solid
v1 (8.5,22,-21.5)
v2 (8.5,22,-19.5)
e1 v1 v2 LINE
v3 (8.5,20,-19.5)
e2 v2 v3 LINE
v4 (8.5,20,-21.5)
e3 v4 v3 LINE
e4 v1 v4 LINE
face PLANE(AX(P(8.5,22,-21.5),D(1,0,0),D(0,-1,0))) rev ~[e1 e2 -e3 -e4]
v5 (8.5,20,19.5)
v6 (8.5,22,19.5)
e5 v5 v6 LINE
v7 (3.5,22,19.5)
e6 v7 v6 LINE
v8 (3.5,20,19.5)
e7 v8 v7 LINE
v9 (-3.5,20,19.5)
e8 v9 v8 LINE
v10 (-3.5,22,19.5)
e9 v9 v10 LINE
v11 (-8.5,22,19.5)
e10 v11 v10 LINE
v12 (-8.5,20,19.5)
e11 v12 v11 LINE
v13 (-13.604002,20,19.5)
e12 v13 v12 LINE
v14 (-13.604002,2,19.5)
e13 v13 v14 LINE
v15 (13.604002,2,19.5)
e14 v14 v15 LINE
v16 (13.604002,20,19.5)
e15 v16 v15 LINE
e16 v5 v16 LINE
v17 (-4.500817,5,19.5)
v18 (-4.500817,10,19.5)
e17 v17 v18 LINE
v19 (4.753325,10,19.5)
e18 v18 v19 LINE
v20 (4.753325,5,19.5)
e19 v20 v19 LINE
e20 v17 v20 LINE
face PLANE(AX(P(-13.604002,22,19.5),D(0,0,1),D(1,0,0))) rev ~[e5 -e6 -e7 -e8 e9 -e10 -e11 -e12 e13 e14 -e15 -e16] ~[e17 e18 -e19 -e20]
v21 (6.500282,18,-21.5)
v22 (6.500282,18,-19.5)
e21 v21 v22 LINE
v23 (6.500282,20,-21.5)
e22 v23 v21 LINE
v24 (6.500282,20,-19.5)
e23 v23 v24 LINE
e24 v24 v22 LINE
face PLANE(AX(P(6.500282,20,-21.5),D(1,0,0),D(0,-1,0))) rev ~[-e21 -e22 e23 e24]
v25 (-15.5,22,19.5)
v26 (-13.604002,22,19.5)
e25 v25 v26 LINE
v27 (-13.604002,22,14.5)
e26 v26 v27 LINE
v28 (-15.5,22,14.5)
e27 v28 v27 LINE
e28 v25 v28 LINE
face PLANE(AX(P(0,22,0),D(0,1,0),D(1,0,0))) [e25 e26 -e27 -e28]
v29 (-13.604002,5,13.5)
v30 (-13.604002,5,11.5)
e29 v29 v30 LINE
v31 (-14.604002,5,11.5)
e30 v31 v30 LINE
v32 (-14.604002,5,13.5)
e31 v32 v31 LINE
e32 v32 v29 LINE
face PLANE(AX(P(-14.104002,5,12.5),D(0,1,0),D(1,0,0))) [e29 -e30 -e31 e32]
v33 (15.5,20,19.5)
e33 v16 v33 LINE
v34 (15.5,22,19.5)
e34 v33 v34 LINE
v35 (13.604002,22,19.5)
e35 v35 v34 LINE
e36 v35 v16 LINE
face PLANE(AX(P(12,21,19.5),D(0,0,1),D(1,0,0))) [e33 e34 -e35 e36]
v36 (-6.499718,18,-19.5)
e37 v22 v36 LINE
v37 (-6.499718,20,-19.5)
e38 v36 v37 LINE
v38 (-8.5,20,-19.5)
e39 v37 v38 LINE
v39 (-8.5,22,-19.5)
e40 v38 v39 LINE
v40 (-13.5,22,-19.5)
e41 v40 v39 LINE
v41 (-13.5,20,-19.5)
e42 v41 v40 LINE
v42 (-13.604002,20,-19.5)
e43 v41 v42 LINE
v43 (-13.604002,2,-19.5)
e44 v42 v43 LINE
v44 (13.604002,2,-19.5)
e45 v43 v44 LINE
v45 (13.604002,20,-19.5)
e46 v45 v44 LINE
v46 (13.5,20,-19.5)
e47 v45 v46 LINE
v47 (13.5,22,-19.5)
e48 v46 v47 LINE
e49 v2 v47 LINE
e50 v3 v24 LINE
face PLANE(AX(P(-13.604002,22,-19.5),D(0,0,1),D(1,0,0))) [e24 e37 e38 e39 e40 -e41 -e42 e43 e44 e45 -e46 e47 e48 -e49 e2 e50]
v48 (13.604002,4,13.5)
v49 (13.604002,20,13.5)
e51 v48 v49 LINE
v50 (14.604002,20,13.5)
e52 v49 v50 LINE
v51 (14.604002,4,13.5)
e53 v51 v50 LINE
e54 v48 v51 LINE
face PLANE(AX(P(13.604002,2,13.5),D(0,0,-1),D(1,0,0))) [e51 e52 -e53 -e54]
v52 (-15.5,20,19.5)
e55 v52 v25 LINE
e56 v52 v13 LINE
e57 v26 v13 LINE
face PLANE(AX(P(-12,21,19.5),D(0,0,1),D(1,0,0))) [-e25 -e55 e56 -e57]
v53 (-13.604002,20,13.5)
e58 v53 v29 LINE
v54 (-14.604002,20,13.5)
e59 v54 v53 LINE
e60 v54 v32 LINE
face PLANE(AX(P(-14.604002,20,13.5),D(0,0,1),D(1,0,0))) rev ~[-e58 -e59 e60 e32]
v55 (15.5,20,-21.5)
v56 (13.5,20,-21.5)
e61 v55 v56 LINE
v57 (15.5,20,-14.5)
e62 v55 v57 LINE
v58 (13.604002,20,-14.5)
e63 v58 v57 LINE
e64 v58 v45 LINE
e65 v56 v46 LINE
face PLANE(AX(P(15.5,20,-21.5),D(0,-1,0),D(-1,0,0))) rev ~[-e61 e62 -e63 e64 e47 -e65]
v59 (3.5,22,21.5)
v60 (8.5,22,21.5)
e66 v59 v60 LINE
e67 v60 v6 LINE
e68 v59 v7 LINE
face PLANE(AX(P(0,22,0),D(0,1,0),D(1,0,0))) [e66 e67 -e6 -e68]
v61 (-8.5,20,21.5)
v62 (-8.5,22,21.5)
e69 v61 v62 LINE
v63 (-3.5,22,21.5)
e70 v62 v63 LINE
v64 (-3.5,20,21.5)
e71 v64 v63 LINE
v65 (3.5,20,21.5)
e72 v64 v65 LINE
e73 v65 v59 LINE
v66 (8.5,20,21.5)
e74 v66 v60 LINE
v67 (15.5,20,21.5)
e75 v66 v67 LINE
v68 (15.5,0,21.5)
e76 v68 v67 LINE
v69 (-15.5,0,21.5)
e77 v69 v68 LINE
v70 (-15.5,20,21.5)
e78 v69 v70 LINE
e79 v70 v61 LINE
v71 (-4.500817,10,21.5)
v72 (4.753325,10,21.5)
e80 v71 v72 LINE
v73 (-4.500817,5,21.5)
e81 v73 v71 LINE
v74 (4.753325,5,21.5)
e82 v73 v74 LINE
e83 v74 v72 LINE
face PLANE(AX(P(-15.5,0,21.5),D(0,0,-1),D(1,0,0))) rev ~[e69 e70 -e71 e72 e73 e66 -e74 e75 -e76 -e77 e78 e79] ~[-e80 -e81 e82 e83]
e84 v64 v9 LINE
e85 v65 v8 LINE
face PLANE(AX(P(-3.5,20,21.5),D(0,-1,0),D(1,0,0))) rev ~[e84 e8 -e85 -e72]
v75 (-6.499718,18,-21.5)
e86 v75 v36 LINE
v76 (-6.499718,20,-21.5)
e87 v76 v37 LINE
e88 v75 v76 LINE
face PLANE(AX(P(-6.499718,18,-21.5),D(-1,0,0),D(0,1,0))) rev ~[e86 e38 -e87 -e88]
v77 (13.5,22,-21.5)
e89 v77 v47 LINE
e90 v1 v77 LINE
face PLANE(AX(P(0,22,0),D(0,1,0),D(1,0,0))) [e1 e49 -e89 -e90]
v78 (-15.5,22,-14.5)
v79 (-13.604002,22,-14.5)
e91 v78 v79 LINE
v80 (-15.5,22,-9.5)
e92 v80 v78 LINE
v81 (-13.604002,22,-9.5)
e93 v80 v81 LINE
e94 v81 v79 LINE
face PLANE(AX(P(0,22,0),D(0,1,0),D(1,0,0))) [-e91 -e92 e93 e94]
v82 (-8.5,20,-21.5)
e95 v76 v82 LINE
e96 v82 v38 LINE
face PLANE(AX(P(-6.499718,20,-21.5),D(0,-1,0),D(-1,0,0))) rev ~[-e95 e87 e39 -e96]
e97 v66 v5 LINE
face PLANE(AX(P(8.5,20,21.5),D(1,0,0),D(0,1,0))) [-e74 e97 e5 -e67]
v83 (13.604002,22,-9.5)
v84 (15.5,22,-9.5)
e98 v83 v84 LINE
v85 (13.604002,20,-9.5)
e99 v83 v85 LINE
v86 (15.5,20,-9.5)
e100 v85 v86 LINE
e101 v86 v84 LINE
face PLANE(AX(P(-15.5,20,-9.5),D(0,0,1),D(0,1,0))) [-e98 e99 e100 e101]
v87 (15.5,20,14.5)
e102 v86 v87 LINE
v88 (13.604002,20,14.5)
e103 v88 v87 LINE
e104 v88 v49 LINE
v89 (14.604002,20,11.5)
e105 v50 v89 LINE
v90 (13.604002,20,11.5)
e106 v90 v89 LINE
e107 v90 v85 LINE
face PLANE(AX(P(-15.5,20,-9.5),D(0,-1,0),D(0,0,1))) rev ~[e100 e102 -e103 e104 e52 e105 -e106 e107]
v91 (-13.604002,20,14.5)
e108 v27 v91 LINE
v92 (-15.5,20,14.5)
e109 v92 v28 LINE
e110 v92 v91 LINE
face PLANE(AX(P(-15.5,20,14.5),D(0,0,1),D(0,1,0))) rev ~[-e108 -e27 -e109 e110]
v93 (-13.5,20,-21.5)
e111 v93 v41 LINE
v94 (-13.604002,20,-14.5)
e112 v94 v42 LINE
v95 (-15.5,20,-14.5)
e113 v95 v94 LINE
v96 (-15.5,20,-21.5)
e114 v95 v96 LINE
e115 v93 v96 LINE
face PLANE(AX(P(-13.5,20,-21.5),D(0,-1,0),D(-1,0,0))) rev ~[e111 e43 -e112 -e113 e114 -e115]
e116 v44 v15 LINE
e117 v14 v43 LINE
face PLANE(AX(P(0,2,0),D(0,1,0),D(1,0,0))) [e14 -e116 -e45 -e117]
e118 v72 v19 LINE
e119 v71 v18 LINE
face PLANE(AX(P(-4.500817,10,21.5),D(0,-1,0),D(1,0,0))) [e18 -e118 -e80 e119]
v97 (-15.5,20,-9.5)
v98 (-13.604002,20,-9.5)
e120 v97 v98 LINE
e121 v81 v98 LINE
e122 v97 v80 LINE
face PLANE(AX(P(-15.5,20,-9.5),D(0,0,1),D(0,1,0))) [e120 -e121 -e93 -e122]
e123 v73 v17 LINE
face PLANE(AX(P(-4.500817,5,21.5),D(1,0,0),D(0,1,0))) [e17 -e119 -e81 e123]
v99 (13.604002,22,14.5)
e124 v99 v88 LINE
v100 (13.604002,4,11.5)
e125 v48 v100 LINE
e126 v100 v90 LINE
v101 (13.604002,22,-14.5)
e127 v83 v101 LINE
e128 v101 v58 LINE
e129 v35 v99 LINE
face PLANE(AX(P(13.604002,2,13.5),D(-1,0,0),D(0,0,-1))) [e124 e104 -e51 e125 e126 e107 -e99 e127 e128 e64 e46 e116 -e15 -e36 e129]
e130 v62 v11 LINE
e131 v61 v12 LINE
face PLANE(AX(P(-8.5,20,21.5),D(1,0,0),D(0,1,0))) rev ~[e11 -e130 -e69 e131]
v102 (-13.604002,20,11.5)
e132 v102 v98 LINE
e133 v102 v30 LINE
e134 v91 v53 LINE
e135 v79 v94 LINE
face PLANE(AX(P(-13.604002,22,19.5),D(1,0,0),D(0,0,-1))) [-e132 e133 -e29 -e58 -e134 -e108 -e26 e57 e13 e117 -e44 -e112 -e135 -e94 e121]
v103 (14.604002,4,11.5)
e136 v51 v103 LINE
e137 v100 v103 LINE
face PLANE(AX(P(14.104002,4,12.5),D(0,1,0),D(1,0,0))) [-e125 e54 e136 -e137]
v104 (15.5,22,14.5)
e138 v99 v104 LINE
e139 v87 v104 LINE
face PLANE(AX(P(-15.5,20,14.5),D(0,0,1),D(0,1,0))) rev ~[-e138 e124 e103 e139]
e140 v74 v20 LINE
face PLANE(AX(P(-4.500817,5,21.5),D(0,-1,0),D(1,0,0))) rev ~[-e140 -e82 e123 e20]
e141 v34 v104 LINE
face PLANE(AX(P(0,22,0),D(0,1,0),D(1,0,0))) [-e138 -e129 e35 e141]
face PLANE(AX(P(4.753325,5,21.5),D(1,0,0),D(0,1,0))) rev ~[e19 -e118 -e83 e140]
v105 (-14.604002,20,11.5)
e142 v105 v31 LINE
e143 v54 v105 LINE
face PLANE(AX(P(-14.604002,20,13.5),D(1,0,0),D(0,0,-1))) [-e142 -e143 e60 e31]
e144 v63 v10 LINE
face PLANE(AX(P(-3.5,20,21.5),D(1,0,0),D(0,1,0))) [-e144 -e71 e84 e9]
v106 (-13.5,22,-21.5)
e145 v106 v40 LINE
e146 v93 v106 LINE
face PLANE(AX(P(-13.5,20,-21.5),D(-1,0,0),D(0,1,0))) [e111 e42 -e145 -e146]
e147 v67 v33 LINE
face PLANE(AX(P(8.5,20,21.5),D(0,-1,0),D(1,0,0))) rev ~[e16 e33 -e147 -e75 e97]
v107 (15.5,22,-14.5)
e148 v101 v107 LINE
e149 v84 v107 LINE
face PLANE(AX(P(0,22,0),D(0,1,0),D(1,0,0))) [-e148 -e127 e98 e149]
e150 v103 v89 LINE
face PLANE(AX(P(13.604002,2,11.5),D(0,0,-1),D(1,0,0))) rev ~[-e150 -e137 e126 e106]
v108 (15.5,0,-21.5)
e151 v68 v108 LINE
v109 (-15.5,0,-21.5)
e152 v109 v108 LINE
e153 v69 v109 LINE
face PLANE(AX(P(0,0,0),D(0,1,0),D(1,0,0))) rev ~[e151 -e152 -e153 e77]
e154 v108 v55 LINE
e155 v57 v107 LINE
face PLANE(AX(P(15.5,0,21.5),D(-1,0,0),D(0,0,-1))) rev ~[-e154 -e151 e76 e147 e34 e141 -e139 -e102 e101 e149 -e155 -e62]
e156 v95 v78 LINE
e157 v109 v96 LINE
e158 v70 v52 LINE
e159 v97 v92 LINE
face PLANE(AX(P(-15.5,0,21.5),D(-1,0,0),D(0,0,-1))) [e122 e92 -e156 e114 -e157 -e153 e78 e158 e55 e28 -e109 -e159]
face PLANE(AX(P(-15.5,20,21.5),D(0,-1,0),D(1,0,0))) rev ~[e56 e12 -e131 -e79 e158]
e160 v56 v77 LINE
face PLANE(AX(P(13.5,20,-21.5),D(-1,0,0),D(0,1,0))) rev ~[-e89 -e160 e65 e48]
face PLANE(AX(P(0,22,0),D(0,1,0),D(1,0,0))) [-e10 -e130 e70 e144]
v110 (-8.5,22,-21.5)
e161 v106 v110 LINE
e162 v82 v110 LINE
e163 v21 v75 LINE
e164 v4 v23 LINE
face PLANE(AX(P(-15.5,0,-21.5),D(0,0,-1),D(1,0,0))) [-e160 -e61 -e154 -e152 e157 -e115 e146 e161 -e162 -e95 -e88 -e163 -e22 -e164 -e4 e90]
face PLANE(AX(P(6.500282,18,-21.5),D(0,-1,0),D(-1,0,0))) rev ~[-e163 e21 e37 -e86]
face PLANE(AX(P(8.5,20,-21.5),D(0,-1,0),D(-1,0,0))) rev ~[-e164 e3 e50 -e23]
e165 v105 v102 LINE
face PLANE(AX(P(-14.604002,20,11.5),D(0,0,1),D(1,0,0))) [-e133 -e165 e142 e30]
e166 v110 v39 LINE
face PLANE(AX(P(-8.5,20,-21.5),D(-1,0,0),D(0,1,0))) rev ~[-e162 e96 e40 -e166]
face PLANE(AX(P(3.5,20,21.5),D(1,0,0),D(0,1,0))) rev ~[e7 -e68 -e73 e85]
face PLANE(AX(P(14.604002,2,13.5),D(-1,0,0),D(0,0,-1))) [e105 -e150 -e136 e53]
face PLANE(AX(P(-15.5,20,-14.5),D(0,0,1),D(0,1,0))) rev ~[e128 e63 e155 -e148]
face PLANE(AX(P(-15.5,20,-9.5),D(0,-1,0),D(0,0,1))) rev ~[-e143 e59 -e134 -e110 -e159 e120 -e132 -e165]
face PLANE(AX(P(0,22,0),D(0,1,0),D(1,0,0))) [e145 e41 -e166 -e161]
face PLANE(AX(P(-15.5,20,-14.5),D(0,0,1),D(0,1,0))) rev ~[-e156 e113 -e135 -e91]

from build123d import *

# Parameters (mm, degrees)
SKETCH1_W           = 31
SKETCH1_H           = 43
BOSS_EXTRUDE1_DEPTH = 22
SKETCH2_W           = 27.20800305
SKETCH2_H           = 39
CUT_EXTRUDE1_DEPTH  = 20
SKETCH3_W           = 9.254141904
SKETCH3_H           = 5
CUT_EXTRUDE2_DEPTH  = 20
SKETCH4_W           = 7
SKETCH4_H           = 2
CUT_EXTRUDE3_DEPTH  = 2
SKETCH5_W           = 2
SKETCH5_H           = 2
CUT_EXTRUDE6_DEPTH  = 2
SKETCH6_W           = 5
SKETCH6_H           = 2
SKETCH6_W_2         = 19
CUT_EXTRUDE10_DEPTH = 34
SKETCH10_W          = 1
SKETCH10_H          = 2
CUT_EXTRUDE11_DEPTH = 18
SKETCH11_W          = 1
SKETCH11_H          = 2
CUT_EXTRUDE12_DEPTH = 15
SKETCH12_W          = 1
SKETCH12_H          = 2
BOSS_EXTRUDE3_DEPTH = 2


with BuildPart() as part:
    # Sketch1 → Boss-Extrude1 (new body)
    with BuildSketch(Plane(origin=(0, 0, 0), x_dir=(1, 0, 0), z_dir=(0, 1, 0))):
        Rectangle(SKETCH1_W, SKETCH1_H)
    extrude(amount=BOSS_EXTRUDE1_DEPTH)

    # Sketch2 → Cut-Extrude1 (cut)
    with BuildSketch(Plane(origin=(0, 22, 0), x_dir=(1, 0, 0), z_dir=(0, 1, 0))):
        Rectangle(SKETCH2_W, SKETCH2_H)
    extrude(amount=-CUT_EXTRUDE1_DEPTH, mode=Mode.SUBTRACT)

    # Sketch3 → Cut-Extrude2 (cut)
    with BuildSketch(Plane.XY.offset(21.5)):
        with Locations((0.126254012, 7.5)):
            Rectangle(SKETCH3_W, SKETCH3_H)
    extrude(amount=-CUT_EXTRUDE2_DEPTH, mode=Mode.SUBTRACT)

    # Sketch4 → Cut-Extrude3 (cut)
    with BuildSketch(Plane.XY.offset(21.5)):
        with Locations((-12, 21)):
            Rectangle(SKETCH4_W, SKETCH4_H)
        with Locations((0, 21)):
            Rectangle(SKETCH4_W, SKETCH4_H)
        with Locations((12, 21)):
            Rectangle(SKETCH4_W, SKETCH4_H)
    extrude(amount=-CUT_EXTRUDE3_DEPTH, mode=Mode.SUBTRACT)

    # Sketch5 → Cut-Extrude6 (cut)
    with BuildSketch(Plane(origin=(0, 0, -21.5), x_dir=(-1, 0, 0), z_dir=(0, 0, -1))):
        with Locations((14.5, 21)):
            Rectangle(SKETCH5_W, SKETCH5_H)
        Polygon((-8.5, 22), (-8.5, 20), (-6.500281768, 20), (6.499718232, 20), (8.5, 20), (8.5, 22), align=None)
        with Locations((-14.5, 21)):
            Rectangle(SKETCH5_W, SKETCH5_H)
        Polygon((6.499718232, 20), (-6.500281768, 20), (-6.500281768, 19.64343591), (-6.500281768, 18), (6.499718232, 18), align=None)
    extrude(amount=-CUT_EXTRUDE6_DEPTH, mode=Mode.SUBTRACT)

    # Sketch6 → Cut-Extrude10 (cut)
    with BuildSketch(Plane.ZY.offset(15.5)):
        with Locations((-17, 21)):
            Rectangle(SKETCH6_W, SKETCH6_H)
        with Locations((0, 21)):
            Rectangle(SKETCH6_W_2, SKETCH6_H)
        with Locations((12, 21)):
            Rectangle(SKETCH6_W, SKETCH6_H)
    extrude(amount=-CUT_EXTRUDE10_DEPTH, mode=Mode.SUBTRACT)

    # Sketch10 → Cut-Extrude11 (cut)
    with BuildSketch(Plane(origin=(0, 2, 0), x_dir=(1, 0, 0), z_dir=(0, 1, 0))):
        with Locations((14.104001525, -12.5)):
            Rectangle(SKETCH10_W, SKETCH10_H)
    extrude(amount=CUT_EXTRUDE11_DEPTH, mode=Mode.SUBTRACT)

    # Sketch11 → Cut-Extrude12 (cut)
    with BuildSketch(Plane(origin=(0, 20, 0), x_dir=(1, 0, 0), z_dir=(0, 1, 0))):
        with Locations((-14.104001525, -12.5)):
            Rectangle(SKETCH11_W, SKETCH11_H)
    extrude(amount=-CUT_EXTRUDE12_DEPTH, mode=Mode.SUBTRACT)

    # Sketch12 → Boss-Extrude3 (add)
    with BuildSketch(Plane(origin=(0, 2, 0), x_dir=(1, 0, 0), z_dir=(0, 1, 0))):
        with Locations((14.104001525, -12.5)):
            Rectangle(SKETCH12_W, SKETCH12_H)
    extrude(amount=BOSS_EXTRUDE3_DEPTH)


solid = part.part
